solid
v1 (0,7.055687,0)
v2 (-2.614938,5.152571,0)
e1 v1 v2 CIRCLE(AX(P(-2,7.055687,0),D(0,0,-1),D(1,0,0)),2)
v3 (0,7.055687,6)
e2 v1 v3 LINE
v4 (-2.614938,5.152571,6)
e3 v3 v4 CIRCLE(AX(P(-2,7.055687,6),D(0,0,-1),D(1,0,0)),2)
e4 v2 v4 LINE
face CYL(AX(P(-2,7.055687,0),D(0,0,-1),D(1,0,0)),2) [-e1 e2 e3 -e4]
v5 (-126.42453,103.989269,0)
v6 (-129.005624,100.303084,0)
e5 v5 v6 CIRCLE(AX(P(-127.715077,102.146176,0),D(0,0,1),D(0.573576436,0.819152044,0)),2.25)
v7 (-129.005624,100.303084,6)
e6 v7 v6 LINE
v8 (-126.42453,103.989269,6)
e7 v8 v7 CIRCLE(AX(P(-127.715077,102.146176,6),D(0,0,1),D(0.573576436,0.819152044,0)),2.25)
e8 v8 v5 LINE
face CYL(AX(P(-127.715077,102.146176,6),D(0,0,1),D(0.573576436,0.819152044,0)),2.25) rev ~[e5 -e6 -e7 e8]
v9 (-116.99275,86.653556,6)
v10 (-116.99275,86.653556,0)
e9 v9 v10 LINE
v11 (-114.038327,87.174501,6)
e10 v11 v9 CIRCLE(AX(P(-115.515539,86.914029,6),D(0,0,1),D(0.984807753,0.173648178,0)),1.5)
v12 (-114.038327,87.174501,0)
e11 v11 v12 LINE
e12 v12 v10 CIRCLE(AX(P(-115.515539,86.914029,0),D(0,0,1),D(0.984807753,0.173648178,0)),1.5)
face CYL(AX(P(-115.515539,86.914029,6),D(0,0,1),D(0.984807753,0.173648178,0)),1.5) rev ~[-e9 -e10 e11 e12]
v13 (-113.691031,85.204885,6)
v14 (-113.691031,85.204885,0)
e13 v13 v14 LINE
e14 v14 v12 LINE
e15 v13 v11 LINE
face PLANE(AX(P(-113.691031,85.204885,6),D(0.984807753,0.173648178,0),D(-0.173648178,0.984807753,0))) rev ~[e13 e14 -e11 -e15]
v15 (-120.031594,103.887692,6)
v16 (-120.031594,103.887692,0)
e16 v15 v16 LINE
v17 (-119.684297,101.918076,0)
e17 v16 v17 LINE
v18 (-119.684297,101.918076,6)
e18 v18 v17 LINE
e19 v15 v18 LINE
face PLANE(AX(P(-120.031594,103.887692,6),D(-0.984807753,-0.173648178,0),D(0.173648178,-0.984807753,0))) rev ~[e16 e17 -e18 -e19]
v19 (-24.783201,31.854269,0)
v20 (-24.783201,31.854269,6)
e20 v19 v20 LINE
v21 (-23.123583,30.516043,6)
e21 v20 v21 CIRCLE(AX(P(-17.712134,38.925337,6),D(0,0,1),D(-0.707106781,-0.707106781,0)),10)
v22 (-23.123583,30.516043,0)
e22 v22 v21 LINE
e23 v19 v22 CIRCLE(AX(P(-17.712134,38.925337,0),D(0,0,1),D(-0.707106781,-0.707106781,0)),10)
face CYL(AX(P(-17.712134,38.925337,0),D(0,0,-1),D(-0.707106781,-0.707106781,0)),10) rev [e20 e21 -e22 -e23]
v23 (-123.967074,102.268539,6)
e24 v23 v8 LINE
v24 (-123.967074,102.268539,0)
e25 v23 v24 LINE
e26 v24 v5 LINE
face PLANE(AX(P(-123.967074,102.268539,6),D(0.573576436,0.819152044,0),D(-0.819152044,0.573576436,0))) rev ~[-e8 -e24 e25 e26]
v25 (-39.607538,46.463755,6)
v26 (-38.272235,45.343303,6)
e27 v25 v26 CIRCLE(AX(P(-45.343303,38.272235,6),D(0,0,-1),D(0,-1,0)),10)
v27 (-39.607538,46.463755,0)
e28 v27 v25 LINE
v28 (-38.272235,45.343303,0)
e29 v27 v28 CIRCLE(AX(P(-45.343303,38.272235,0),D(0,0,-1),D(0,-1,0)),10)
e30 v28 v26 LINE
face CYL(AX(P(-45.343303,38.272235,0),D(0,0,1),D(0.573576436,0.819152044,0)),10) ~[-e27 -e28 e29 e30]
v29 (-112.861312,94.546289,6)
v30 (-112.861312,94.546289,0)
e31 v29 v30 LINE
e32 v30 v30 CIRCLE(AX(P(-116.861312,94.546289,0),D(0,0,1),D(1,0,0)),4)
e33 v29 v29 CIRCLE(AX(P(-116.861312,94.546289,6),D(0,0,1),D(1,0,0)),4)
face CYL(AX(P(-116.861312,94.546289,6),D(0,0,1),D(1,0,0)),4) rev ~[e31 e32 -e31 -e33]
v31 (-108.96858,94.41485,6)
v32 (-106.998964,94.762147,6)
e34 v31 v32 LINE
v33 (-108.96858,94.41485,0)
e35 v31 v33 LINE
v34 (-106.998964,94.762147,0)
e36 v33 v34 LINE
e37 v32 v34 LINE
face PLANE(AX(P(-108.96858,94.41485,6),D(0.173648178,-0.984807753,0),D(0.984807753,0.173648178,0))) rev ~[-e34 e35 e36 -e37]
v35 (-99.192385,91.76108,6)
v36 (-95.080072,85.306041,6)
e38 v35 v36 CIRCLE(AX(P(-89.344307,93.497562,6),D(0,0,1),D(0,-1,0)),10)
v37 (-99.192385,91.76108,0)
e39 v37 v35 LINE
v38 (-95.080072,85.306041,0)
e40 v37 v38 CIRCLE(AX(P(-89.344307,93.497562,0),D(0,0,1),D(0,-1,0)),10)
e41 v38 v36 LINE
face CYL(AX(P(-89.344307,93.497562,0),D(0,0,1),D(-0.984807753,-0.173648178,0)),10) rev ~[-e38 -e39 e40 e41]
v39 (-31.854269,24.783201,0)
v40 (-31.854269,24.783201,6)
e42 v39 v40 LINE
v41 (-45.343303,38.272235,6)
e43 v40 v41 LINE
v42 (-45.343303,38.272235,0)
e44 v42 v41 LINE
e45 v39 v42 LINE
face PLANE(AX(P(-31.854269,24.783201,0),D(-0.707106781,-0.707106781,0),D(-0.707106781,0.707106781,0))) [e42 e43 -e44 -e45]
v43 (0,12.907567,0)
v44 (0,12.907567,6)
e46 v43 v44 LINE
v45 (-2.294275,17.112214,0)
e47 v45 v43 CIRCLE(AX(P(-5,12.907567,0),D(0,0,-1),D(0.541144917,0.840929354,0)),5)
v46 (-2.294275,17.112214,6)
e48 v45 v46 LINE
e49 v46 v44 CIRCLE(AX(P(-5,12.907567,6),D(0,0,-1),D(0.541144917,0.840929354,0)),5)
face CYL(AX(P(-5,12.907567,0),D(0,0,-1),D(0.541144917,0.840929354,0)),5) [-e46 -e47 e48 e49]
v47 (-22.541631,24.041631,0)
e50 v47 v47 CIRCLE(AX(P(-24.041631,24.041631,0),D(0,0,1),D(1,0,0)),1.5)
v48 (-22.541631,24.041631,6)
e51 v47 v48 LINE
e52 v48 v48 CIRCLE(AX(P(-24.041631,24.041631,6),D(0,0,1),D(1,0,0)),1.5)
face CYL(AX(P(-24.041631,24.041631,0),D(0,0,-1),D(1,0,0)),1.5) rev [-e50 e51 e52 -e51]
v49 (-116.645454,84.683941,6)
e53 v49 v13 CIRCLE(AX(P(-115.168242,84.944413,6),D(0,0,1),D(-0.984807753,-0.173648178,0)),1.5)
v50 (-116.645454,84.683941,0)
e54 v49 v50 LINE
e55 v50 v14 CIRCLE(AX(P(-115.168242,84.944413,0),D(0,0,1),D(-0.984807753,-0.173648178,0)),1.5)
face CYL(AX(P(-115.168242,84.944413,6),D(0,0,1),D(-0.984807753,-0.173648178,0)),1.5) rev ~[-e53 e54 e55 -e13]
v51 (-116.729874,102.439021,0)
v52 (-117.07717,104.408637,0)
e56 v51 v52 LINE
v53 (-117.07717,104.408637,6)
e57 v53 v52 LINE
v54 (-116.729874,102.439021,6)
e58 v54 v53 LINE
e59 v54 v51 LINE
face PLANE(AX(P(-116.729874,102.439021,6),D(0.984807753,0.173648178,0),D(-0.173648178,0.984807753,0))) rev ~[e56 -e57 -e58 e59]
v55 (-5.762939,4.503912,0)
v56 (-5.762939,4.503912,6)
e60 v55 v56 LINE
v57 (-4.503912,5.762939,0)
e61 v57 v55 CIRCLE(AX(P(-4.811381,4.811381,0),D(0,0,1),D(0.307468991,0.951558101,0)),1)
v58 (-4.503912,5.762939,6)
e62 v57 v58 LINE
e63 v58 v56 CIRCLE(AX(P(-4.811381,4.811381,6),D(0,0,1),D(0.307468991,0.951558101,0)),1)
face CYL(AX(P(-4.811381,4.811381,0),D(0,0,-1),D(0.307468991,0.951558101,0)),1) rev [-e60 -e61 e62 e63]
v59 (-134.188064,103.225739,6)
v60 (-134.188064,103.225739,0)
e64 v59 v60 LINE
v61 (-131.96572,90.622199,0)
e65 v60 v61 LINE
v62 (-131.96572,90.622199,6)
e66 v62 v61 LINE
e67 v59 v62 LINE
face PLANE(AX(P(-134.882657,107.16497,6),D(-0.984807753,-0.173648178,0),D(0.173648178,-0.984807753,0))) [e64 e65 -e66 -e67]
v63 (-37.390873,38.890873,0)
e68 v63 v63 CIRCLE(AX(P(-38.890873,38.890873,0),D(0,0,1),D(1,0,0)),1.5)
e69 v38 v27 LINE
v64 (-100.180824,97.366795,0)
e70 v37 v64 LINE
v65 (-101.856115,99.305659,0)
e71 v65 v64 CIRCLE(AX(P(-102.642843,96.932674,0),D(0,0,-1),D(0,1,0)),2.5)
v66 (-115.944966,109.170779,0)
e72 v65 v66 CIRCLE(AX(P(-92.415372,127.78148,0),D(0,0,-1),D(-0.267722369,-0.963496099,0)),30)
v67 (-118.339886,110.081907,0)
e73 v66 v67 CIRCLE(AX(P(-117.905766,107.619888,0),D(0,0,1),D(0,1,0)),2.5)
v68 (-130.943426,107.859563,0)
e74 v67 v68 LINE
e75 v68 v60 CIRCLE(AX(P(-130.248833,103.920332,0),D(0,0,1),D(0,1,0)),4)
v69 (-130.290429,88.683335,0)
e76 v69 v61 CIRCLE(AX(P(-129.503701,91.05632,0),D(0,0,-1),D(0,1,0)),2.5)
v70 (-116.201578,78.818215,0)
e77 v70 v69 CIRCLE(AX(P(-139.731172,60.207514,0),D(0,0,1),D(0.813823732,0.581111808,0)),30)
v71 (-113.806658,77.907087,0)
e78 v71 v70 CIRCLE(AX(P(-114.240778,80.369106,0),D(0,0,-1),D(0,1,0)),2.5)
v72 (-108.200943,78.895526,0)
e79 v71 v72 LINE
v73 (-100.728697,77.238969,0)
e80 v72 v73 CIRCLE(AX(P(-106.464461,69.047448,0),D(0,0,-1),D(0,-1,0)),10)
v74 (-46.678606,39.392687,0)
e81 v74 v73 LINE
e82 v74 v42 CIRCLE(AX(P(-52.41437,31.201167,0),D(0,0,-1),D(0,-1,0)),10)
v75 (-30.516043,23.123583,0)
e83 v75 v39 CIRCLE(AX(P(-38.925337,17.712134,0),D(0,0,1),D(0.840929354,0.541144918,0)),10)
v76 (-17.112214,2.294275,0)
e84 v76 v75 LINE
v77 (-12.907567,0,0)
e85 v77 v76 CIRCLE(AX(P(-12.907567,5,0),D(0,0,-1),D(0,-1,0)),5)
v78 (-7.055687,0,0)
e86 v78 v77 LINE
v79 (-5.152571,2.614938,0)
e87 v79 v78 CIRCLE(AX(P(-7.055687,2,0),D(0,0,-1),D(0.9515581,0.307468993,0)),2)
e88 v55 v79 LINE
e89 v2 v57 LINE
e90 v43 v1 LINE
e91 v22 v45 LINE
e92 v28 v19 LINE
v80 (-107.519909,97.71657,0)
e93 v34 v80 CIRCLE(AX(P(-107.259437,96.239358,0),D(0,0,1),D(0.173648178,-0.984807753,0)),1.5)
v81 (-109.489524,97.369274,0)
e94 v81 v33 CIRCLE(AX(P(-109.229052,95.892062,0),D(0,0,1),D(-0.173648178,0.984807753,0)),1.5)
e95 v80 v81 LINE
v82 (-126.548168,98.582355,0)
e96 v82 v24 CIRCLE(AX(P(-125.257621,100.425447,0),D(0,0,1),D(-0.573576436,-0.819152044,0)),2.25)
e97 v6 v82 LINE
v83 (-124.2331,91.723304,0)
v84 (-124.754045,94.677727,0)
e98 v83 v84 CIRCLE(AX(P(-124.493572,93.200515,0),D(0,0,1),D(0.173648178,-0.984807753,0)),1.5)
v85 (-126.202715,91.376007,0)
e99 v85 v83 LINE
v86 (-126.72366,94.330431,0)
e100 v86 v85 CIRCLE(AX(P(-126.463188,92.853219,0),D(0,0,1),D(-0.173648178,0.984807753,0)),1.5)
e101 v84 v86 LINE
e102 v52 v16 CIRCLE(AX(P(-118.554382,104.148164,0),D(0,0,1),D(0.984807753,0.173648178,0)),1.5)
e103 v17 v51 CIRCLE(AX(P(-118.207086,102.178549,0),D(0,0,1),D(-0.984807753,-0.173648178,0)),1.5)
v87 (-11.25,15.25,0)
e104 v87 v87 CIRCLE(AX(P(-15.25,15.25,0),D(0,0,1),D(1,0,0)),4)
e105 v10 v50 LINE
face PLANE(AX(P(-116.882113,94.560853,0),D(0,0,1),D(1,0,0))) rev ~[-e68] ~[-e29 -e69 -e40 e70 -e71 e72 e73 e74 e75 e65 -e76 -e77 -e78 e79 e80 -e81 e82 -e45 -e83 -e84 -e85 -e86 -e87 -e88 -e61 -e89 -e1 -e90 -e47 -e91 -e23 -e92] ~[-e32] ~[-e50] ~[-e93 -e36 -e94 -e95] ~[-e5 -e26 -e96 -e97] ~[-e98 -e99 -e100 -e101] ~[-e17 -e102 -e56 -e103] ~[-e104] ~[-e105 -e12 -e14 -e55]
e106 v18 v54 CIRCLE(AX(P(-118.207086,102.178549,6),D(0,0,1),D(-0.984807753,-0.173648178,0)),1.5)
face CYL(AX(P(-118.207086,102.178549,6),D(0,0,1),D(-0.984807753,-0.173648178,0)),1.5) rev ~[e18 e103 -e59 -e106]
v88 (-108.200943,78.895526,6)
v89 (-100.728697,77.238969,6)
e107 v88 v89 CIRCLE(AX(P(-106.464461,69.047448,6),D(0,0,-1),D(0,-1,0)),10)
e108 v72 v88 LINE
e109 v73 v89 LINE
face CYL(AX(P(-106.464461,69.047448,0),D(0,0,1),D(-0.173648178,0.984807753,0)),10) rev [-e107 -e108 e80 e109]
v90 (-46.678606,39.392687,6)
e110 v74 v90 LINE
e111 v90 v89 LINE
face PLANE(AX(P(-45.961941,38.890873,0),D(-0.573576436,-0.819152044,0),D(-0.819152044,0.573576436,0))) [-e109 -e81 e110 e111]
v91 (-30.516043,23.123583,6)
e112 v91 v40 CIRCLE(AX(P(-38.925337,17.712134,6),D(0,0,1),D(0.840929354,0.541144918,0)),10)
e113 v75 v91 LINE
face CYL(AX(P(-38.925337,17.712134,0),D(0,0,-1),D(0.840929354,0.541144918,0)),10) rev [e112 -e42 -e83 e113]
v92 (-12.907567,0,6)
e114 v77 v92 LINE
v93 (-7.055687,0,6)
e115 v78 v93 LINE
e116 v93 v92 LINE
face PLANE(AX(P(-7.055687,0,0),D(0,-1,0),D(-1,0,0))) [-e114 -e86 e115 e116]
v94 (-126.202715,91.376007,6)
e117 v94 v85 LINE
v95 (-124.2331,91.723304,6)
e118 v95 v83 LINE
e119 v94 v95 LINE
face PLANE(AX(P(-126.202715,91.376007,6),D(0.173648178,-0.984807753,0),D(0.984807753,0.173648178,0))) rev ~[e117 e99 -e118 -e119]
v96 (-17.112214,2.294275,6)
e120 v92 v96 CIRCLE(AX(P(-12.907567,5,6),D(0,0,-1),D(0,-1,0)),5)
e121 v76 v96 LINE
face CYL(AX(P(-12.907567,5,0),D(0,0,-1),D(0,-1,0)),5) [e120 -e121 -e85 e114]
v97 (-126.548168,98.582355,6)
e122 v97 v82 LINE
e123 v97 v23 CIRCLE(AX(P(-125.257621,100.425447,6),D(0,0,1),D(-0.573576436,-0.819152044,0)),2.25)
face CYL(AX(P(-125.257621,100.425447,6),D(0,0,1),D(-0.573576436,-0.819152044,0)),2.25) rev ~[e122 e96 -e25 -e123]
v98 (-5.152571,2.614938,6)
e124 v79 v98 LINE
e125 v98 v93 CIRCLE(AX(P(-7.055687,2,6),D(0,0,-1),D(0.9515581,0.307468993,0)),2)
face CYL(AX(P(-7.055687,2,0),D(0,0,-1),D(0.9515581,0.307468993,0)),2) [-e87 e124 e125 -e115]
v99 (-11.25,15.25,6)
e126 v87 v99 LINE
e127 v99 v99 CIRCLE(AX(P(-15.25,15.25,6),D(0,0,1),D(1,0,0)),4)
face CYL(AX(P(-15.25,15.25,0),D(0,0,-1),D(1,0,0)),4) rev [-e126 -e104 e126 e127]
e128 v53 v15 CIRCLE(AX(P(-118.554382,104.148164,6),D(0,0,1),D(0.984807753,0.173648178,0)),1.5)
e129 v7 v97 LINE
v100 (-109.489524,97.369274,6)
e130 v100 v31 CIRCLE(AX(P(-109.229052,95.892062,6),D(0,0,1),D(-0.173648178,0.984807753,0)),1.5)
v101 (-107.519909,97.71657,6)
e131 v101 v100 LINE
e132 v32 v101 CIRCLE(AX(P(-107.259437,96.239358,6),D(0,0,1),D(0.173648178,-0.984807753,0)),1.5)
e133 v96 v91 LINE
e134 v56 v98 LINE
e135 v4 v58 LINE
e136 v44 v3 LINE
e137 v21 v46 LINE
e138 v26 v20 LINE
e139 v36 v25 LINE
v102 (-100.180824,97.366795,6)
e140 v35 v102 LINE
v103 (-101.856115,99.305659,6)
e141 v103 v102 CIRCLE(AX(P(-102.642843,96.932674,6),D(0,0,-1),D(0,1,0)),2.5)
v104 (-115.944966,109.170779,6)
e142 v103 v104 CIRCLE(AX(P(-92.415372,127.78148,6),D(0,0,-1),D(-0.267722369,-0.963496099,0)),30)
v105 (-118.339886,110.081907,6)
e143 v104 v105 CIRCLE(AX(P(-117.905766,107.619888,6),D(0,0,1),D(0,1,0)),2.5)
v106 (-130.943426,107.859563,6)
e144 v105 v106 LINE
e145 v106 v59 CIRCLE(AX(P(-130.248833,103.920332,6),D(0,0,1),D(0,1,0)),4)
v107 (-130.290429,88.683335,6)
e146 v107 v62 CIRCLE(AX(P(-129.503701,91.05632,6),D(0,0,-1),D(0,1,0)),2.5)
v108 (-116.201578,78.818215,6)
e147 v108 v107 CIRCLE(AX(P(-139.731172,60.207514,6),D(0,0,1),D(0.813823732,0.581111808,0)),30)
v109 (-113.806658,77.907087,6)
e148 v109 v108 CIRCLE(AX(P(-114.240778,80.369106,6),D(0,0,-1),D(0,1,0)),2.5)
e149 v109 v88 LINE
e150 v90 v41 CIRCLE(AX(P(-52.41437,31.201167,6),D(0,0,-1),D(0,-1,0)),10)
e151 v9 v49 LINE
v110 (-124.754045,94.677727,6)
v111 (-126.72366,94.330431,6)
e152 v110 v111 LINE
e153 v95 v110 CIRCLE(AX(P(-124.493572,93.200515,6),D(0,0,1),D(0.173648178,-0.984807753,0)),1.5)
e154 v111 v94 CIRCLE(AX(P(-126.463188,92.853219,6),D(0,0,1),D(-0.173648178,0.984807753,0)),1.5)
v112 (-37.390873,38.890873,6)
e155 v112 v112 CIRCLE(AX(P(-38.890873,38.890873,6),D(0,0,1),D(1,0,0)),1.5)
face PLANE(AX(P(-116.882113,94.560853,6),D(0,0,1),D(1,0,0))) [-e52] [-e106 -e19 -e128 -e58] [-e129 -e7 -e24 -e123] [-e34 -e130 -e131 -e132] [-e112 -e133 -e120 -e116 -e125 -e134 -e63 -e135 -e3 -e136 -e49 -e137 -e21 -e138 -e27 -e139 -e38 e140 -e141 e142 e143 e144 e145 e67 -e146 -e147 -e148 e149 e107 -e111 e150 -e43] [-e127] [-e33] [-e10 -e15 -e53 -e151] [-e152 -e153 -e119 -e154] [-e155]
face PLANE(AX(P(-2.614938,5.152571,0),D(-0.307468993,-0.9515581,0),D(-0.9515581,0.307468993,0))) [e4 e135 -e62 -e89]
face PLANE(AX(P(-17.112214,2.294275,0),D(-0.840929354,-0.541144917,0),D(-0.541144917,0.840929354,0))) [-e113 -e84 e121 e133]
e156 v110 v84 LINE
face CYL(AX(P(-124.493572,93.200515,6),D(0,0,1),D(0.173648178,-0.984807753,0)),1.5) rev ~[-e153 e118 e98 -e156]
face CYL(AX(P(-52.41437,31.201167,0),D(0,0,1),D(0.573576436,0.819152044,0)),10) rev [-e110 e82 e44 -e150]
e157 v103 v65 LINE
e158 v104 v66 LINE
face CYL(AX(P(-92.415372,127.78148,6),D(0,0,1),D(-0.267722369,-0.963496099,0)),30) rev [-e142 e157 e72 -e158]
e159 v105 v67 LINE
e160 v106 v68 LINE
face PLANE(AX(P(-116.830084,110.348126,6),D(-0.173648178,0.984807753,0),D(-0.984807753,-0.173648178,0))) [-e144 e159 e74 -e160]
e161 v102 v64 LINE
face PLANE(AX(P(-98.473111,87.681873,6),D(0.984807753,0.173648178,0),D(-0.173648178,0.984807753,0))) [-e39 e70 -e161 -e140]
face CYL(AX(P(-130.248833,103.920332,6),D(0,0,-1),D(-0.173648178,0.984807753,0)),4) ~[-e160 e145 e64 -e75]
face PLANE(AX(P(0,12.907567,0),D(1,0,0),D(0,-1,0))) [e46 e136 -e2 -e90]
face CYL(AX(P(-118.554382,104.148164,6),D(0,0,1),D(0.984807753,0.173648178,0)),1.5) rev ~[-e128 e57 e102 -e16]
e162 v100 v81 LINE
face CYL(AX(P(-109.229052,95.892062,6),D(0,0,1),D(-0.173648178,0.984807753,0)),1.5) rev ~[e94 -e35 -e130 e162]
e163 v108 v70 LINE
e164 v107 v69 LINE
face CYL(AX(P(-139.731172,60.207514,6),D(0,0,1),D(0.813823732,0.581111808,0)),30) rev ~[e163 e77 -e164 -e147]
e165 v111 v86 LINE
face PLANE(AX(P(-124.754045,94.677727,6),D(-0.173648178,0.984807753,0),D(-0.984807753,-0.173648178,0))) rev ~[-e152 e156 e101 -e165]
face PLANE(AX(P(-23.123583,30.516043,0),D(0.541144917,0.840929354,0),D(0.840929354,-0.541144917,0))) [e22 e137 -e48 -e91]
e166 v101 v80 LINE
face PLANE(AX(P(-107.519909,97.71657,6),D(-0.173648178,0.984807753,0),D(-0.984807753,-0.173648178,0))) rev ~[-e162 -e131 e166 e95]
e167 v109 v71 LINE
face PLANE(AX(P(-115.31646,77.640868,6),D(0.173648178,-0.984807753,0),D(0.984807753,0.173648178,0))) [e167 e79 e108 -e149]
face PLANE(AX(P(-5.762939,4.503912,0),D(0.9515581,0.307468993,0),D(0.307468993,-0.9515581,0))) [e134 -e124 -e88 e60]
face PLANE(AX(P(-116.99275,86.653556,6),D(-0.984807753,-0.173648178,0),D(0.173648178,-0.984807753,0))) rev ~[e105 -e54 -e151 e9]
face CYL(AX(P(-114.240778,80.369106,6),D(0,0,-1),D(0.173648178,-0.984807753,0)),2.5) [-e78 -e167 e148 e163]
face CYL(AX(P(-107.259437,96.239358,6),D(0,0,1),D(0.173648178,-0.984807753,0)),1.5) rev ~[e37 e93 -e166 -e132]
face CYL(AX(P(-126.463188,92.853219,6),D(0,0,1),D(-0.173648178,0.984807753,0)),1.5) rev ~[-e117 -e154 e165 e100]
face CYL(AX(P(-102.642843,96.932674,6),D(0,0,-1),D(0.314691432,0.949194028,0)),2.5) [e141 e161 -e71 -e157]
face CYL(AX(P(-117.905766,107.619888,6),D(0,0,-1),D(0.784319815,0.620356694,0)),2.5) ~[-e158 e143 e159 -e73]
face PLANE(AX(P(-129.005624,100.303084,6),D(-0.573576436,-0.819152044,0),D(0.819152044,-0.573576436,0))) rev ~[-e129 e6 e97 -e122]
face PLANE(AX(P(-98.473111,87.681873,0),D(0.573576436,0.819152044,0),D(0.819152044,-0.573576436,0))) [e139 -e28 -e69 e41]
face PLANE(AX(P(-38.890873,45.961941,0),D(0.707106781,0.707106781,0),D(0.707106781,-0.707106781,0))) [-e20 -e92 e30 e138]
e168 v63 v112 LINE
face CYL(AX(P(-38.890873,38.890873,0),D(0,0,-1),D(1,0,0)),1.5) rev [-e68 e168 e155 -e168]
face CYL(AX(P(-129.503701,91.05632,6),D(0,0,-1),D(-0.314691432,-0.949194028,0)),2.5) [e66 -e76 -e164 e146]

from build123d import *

# Parameters (mm, degrees)
CROQUIS1_R              = 1.5
CROQUIS1_R_2            = 4
SALIENTE_EXTRUIR1_DEPTH = 6
CROQUIS4_R              = 4
SALIENTE_EXTRUIR3_DEPTH = 6
CORTAR_EXTRUIR1_DEPTH   = 6
REDONDEO3_R             = 4
CORTAR_EXTRUIR2_DEPTH   = 6
REDONDEO4_R             = 2.5
REDONDEO6_R             = 10


with BuildPart() as part:
    # Croquis1 → Saliente-Extruir1 (new body)
    with BuildSketch(Plane.XY):
        with BuildLine():
            Line((-17.112213819, 2.294275414), (-30.516043414, 23.123582692))
            ThreePointArc((-30.516043414, 23.123582692), (-31.14080226, 23.989156666), (-31.854269143, 24.783201331))
            Line((-31.854269143, 24.783201331), (-45.961940777, 38.890872965))
            Line((-45.961940777, 38.890872965), (-104.121735922, 79.614799946))
            Line((-104.121735922, 79.614799946), (-98.473110707, 87.681872787))
            Line((-98.473110707, 87.681872787), (-38.890872965, 45.961940777))
            Line((-38.890872965, 45.961940777), (-24.783201331, 31.854269143))
            ThreePointArc((-24.783201331, 31.854269143), (-23.989156666, 31.14080226), (-23.123582692, 30.516043414))
            Line((-23.123582692, 30.516043414), (-2.294275414, 17.112213819))
            ThreePointArc((-2.294275414, 17.112213819), (-0.610887166, 15.302496804), (0, 12.907567049))
            Line((0, 12.907567049), (0, 7.055686841))
            ThreePointArc((0, 7.055686841), (-0.823113423, 5.438609853), (-2.614937985, 5.15257064))
            Line((-2.614937985, 5.15257064), (-4.503911831, 5.762938925))
            ThreePointArc((-4.503911831, 5.762938925), (-5.518487605, 5.518487605), (-5.762938925, 4.503911831))
            Line((-5.762938925, 4.503911831), (-5.15257064, 2.614937985))
            ThreePointArc((-5.15257064, 2.614937985), (-5.438609853, 0.823113423), (-7.055686841, 0))
            Line((-7.055686841, 0), (-12.907567049, 0))
            ThreePointArc((-12.907567049, 0), (-15.302496804, 0.610887166), (-17.112213819, 2.294275414))
        make_face()
        with Locations((-38.890872965, 38.890872965)):
            Circle(CROQUIS1_R, mode=Mode.SUBTRACT)
        with Locations((-24.04163056, 24.04163056)):
            Circle(CROQUIS1_R, mode=Mode.SUBTRACT)
        with Locations((-15.25, 15.25)):
            Circle(CROQUIS1_R_2, mode=Mode.SUBTRACT)
    extrude(amount=SALIENTE_EXTRUIR1_DEPTH)

    # Croquis4 → Saliente-Extruir3 (add)
    with BuildSketch(Plane.XY.offset(6)):
        Polygon((-98.473110707, 87.681872787), (-100.447042684, 98.87659732), (-116.83008357, 110.348126047), (-134.88265713, 107.164970257), (-131.69950134, 89.112396696), (-115.316460454, 77.640867969), (-104.121735922, 79.614799946), align=None)
        with Locations((-116.861312156, 94.546288657)):
            Circle(CROQUIS4_R, mode=Mode.SUBTRACT)
    extrude(amount=-SALIENTE_EXTRUIR3_DEPTH)

    # Croquis5 → Cortar-Extruir1 (cut)
    with BuildSketch(Plane.XY.offset(6)):
        with BuildLine():
            Line((-129.005623724, 100.303084339), (-126.548167592, 98.58235503))
            ThreePointArc((-126.548167592, 98.58235503), (-123.41452851, 99.134900148), (-123.967073628, 102.26853923))
            Line((-123.967073628, 102.26853923), (-126.424529761, 103.989268539))
            ThreePointArc((-126.424529761, 103.989268539), (-129.558168842, 103.436723421), (-129.005623724, 100.303084339))
        make_face()
        with BuildLine():
            Line((-116.992750408, 86.653556305), (-116.645454053, 84.683940799))
            ThreePointArc((-116.645454053, 84.683940799), (-114.907770157, 83.467201436), (-113.691030794, 85.204885332))
            Line((-113.691030794, 85.204885332), (-114.038327149, 87.174500838))
            ThreePointArc((-114.038327149, 87.174500838), (-115.776011045, 88.391240201), (-116.992750408, 86.653556305))
        make_face()
        with BuildLine():
            Line((-108.968579803, 94.414850405), (-106.998964297, 94.76214676))
            ThreePointArc((-106.998964297, 94.76214676), (-105.782224934, 96.499830656), (-107.51990883, 97.716570019))
            Line((-107.51990883, 97.716570019), (-109.489524336, 97.369273664))
            ThreePointArc((-109.489524336, 97.369273664), (-110.706263699, 95.631589768), (-108.968579803, 94.414850405))
        make_face()
        with BuildLine():
            Line((-124.754044508, 94.67772691), (-126.723660014, 94.330430555))
            ThreePointArc((-126.723660014, 94.330430555), (-127.940399377, 92.592746659), (-126.202715481, 91.376007296))
            Line((-126.202715481, 91.376007296), (-124.233099975, 91.723303651))
            ThreePointArc((-124.233099975, 91.723303651), (-123.016360612, 93.460987547), (-124.754044508, 94.67772691))
        make_face()
        with BuildLine():
            Line((-116.729873903, 102.43902101), (-117.077170259, 104.408636516))
            ThreePointArc((-117.077170259, 104.408636516), (-118.814854155, 105.625375879), (-120.031593518, 103.887691983))
            Line((-120.031593518, 103.887691983), (-119.684297162, 101.918076477))
            ThreePointArc((-119.684297162, 101.918076477), (-117.946613266, 100.701337114), (-116.729873903, 102.43902101))
        make_face()
    extrude(amount=-CORTAR_EXTRUIR1_DEPTH, mode=Mode.SUBTRACT)

    # Redondeo3
    redondeo3_edges = [part.edges().sort_by_distance(p)[0] for p in [
        (-134.88265713, 107.164970257, 3),
    ]]
    fillet(redondeo3_edges, radius=REDONDEO3_R)

    # Croquis7 → Cortar-Extruir2 (cut)
    with BuildSketch(Plane.XY.offset(6)):
        with BuildLine():
            Line((-131.69950134, 89.112396696), (-115.316460454, 77.640867969))
            ThreePointArc((-115.316460454, 77.640867969), (-122.523879314, 84.782075048), (-131.69950134, 89.112396696))
        make_face()
        with BuildLine():
            Line((-116.83008357, 110.348126047), (-100.447042684, 98.87659732))
            ThreePointArc((-100.447042684, 98.87659732), (-109.62266471, 103.206918969), (-116.83008357, 110.348126047))
        make_face()
    extrude(amount=-CORTAR_EXTRUIR2_DEPTH, mode=Mode.SUBTRACT)

    # Redondeo4
    redondeo4_edges = [part.edges().sort_by_distance(p)[0] for p in [
        (-115.316460454, 77.640867969, 3),
        (-131.69950134, 89.112396696, 3),
        (-116.83008357, 110.348126047, 3),
        (-100.447042684, 98.87659732, 3),
    ]]
    fillet(redondeo4_edges, radius=REDONDEO4_R)

    # Redondeo6
    redondeo6_edges = [part.edges().sort_by_distance(p)[0] for p in [
        (-38.890872965, 45.961940777, 3),
        (-45.961940777, 38.890872965, 3),
        (-104.121735922, 79.614799946, 3),
        (-98.473110707, 87.681872787, 3),
    ]]
    fillet(redondeo6_edges, radius=REDONDEO6_R)


solid = part.part
